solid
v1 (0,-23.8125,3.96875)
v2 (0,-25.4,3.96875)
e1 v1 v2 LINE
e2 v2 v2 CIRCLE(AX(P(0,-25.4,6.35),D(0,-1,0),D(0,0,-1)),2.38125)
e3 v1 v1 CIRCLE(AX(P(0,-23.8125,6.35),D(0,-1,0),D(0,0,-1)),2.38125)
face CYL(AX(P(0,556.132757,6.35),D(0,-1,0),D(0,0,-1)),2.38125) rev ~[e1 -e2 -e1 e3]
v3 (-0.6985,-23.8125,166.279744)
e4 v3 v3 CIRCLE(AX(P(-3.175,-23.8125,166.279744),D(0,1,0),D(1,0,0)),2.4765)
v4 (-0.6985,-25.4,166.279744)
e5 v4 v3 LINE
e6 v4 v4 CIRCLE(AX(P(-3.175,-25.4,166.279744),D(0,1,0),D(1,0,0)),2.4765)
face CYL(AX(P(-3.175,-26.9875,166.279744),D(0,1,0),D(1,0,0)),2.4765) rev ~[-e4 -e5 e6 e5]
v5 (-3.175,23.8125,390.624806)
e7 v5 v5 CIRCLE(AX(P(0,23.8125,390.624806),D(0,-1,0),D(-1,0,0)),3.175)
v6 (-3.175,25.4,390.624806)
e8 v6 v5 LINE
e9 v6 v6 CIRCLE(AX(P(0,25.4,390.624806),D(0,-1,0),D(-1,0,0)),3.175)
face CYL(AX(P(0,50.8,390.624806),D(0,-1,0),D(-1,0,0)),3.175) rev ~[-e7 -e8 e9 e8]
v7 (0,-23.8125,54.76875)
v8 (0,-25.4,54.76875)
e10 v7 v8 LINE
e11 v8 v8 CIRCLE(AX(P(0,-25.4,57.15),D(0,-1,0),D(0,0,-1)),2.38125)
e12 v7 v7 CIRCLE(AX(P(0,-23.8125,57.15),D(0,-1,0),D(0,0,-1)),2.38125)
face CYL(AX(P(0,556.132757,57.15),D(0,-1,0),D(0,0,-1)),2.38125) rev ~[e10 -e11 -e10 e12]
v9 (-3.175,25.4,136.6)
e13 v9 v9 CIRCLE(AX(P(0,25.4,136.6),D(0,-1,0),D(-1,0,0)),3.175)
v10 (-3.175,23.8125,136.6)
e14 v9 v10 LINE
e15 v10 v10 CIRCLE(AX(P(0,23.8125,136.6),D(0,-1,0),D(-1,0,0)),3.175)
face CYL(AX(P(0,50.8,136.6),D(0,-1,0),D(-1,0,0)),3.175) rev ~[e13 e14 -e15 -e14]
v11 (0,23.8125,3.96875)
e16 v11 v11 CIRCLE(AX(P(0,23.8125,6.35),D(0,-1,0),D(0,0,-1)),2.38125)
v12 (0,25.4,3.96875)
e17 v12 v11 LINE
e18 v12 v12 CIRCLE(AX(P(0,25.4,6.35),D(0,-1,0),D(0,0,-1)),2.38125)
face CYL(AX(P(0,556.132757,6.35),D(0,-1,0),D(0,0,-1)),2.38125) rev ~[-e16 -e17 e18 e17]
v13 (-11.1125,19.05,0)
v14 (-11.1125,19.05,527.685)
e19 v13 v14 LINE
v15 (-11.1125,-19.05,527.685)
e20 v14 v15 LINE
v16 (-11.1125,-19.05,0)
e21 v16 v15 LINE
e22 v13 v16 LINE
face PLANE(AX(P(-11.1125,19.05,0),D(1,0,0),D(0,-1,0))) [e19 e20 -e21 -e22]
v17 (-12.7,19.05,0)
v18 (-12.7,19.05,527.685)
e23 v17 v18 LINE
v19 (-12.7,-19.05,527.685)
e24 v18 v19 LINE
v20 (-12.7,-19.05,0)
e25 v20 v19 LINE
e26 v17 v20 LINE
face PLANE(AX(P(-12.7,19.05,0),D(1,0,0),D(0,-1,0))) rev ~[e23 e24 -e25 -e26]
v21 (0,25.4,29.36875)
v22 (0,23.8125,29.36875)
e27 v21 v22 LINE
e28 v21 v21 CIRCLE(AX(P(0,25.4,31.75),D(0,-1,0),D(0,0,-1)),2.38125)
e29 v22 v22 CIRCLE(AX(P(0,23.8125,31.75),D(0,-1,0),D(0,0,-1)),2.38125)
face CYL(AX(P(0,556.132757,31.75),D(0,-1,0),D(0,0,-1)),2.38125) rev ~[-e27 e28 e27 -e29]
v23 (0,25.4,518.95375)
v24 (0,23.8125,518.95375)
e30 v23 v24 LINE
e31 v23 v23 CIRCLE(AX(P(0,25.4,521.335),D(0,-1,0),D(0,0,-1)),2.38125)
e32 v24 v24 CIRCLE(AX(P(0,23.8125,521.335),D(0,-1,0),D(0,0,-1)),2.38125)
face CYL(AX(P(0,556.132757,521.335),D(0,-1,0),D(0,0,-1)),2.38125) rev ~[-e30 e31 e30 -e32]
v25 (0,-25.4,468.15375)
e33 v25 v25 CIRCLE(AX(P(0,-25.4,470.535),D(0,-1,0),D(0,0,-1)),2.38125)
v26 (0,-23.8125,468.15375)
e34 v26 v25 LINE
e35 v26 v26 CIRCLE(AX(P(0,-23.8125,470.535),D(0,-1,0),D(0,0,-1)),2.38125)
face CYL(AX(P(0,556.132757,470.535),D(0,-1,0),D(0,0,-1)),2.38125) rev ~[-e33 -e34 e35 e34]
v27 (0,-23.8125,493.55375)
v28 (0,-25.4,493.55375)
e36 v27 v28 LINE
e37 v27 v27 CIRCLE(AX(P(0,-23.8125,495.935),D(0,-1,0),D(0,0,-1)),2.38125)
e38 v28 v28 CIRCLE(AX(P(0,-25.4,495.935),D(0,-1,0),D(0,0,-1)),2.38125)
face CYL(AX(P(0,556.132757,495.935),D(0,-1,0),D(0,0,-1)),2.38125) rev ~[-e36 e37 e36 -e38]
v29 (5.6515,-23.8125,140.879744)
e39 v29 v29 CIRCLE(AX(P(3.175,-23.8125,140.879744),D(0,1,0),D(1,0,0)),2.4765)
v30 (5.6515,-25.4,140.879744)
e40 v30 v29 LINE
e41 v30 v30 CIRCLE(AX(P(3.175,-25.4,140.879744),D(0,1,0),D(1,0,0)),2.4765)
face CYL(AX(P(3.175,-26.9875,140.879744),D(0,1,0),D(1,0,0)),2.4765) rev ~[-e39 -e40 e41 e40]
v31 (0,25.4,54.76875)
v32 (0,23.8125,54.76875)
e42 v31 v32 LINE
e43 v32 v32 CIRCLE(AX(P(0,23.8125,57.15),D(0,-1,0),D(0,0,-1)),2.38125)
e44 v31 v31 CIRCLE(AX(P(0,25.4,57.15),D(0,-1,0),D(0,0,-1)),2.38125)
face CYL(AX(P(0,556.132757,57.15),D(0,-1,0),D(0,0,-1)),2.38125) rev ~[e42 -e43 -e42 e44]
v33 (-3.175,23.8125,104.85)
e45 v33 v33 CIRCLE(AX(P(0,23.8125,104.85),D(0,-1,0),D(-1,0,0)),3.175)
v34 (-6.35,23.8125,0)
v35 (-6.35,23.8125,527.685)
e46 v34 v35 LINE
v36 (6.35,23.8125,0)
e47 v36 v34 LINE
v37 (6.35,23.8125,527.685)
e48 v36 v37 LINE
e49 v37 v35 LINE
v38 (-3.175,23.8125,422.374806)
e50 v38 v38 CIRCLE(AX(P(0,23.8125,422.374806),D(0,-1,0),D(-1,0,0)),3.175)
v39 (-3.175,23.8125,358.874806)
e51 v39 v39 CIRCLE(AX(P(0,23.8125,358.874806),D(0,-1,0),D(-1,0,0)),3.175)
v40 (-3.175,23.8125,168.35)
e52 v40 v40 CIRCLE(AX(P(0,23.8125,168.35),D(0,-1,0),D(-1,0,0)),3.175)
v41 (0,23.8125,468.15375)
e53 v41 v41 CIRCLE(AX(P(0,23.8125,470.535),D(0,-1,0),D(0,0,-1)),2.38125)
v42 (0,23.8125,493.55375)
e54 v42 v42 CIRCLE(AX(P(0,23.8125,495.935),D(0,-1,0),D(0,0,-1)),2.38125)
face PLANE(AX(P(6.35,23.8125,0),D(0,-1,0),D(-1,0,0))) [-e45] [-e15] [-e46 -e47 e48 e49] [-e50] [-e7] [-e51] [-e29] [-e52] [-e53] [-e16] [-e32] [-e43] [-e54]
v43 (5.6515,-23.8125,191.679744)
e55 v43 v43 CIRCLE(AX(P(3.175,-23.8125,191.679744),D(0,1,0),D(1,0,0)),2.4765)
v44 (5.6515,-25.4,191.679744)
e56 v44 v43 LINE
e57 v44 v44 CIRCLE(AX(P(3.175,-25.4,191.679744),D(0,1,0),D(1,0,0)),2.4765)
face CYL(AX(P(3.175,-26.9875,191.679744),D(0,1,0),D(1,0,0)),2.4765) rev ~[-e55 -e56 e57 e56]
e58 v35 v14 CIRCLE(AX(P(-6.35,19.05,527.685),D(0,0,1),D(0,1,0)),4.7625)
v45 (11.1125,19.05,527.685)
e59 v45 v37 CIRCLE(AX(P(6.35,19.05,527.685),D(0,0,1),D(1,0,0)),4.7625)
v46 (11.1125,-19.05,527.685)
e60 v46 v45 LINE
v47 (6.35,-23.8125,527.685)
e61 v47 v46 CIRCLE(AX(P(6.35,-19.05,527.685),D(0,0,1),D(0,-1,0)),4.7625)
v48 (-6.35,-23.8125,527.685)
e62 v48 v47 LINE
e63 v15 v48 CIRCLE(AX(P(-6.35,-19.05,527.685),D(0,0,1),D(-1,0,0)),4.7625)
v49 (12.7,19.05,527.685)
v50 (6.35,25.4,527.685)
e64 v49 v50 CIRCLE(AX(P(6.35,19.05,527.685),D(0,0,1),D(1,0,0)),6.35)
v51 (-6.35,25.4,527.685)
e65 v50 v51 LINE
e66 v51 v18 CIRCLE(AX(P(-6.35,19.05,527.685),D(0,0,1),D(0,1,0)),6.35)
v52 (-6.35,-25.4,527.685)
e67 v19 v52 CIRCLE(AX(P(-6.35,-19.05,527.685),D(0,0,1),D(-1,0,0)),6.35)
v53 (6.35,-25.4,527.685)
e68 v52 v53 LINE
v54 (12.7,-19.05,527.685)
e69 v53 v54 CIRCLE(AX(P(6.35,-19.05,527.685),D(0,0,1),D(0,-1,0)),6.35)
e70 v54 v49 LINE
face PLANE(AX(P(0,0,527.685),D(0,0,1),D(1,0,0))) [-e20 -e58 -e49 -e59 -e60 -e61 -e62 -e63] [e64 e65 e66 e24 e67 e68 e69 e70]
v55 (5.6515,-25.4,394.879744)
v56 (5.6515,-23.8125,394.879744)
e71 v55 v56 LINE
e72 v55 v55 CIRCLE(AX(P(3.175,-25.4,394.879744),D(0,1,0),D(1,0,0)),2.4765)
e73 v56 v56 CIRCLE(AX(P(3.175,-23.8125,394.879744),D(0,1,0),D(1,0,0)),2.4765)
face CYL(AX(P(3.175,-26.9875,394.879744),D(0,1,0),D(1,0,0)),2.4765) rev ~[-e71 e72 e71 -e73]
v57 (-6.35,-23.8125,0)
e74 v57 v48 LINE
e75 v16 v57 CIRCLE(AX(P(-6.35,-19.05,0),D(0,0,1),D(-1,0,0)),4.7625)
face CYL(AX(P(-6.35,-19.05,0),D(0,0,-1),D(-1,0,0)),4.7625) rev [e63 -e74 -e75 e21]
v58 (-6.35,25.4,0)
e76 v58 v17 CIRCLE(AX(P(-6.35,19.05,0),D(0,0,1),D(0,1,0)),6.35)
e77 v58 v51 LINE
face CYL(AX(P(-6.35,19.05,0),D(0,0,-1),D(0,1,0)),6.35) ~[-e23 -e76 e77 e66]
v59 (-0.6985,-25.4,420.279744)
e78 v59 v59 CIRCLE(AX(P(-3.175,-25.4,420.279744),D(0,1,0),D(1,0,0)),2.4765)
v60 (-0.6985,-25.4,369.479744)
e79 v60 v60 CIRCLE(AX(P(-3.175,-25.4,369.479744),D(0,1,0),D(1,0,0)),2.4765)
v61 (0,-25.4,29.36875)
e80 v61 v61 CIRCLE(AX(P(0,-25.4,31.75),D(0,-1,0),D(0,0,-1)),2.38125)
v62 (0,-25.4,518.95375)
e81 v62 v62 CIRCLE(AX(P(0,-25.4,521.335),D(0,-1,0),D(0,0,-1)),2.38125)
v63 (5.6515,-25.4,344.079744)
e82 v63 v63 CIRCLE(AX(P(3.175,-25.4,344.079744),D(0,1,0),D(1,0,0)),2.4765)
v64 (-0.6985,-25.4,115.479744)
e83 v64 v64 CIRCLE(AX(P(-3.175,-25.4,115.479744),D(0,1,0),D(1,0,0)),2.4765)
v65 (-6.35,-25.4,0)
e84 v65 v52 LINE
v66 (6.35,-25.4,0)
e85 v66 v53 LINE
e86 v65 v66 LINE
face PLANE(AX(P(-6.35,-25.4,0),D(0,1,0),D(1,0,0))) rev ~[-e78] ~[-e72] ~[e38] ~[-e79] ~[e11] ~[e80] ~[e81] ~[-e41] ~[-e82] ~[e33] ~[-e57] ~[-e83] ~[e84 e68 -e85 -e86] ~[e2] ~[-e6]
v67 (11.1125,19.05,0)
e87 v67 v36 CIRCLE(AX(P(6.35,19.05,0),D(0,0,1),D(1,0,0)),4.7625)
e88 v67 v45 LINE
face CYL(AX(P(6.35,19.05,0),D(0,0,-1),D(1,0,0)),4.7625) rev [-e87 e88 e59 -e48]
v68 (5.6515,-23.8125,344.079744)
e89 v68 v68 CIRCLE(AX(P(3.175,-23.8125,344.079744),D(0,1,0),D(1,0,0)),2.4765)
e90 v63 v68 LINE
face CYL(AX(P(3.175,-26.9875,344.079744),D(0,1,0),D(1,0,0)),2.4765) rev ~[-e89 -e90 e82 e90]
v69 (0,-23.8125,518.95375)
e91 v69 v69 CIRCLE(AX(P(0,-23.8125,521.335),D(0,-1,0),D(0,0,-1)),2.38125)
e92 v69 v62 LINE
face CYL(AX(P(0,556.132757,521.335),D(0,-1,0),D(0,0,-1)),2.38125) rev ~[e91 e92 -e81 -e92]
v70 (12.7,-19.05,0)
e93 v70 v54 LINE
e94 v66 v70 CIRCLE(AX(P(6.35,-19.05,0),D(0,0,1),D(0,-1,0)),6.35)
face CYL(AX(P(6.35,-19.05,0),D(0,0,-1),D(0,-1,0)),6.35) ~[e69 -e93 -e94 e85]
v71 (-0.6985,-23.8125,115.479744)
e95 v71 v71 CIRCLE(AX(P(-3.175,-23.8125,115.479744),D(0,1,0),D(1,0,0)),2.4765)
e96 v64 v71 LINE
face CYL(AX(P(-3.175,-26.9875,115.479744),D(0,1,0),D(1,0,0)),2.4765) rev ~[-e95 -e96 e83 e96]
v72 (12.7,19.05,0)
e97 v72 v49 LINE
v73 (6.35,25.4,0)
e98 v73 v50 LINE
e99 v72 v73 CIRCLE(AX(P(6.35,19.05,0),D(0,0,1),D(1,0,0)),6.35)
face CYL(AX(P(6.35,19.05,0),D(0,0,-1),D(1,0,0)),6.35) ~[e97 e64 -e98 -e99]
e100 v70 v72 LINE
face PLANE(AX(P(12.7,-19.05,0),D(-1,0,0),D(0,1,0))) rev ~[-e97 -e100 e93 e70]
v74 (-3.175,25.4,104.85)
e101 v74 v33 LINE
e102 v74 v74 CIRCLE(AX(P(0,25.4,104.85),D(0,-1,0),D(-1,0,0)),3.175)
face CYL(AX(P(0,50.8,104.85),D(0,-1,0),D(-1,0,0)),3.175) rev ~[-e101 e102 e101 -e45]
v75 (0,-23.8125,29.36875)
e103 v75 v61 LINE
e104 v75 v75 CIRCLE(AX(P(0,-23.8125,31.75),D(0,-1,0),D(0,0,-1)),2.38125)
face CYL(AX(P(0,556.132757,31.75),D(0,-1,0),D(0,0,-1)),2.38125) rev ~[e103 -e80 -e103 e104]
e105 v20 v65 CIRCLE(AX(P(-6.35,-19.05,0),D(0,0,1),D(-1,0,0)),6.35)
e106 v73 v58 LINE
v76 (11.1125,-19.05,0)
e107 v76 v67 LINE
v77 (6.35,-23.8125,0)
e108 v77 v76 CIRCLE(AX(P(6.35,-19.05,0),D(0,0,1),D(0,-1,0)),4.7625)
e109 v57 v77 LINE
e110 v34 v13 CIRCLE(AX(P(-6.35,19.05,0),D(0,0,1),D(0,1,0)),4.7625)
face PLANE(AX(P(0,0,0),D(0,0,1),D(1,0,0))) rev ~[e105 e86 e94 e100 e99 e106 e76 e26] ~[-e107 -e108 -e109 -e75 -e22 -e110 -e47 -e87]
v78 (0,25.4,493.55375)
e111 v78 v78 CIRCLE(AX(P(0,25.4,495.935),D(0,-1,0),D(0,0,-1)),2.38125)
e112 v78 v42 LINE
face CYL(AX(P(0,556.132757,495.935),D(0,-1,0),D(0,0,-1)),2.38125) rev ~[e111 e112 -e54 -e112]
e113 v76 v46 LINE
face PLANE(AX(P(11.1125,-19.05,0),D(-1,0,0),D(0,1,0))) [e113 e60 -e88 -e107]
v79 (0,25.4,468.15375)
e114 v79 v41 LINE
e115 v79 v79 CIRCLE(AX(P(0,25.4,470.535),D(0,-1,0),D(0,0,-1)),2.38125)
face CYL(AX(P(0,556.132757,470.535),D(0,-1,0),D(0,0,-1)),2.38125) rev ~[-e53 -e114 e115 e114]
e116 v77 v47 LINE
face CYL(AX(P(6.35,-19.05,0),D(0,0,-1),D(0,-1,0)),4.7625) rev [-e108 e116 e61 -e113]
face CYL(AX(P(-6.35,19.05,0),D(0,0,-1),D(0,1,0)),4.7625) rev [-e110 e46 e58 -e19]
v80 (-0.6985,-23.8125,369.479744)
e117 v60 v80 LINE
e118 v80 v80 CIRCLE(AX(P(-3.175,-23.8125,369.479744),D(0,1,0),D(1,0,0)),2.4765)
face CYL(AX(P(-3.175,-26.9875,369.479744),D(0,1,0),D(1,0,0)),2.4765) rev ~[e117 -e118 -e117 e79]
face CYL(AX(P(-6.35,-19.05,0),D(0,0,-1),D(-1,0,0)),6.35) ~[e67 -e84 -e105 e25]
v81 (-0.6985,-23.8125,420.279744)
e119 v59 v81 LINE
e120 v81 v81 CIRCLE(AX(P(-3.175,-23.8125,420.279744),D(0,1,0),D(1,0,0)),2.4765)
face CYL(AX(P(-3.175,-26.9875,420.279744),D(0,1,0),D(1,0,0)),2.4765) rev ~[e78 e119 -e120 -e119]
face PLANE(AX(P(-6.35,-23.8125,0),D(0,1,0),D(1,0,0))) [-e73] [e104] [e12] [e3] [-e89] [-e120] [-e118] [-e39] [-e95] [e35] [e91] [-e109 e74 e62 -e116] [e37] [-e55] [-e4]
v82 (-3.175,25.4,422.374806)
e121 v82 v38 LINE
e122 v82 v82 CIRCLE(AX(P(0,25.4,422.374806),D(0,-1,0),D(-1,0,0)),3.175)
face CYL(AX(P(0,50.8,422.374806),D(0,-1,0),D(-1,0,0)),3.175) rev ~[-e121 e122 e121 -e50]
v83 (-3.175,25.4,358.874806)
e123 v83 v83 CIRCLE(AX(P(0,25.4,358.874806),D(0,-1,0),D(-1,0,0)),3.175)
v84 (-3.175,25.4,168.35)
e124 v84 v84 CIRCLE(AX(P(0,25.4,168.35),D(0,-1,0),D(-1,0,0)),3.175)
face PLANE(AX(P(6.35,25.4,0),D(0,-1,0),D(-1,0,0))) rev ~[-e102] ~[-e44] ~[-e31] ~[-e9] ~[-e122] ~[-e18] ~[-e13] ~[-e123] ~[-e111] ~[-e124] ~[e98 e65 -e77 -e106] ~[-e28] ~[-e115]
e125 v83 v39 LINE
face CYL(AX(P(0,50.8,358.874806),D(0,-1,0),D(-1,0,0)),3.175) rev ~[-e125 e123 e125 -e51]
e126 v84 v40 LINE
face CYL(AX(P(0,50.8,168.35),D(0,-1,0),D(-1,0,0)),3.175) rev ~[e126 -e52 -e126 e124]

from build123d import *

# Parameters (mm, degrees)
EXTRUDE_THIN1_DEPTH               = 527.685
F_3_16_0_1875_DIAMETER_HOLE1_D    = 4.7625
F_3_16_0_195_DIAMETER_HOLE1_D     = 4.953
F_3_16_0_195_DIAMETER_HOLE1_DEPTH = 1.5875
F_1_4_0_25_DIAMETER_HOLE1_D       = 6.35
F_1_4_0_25_DIAMETER_HOLE1_DEPTH   = 25.4
F_1_4_0_25_DIAMETER_HOLE1_TIP     = 1.907732465


with BuildPart() as part:
    # Sketch1 → Extrude-Thin1 (new body)
    with BuildSketch(Plane.XY):
        with BuildLine():
            Line((-12.7, 19.05), (-12.7, -19.05))
            ThreePointArc((-12.7, -19.05), (-10.840128061, -23.540128061), (-6.35, -25.4))
            Line((-6.35, -25.4), (6.35, -25.4))
            ThreePointArc((6.35, -25.4), (10.840128061, -23.540128061), (12.7, -19.05))
            Line((12.7, -19.05), (12.7, 19.05))
            ThreePointArc((12.7, 19.05), (10.840128061, 23.540128061), (6.35, 25.4))
            Line((6.35, 25.4), (-6.35, 25.4))
            ThreePointArc((-6.35, 25.4), (-10.840128061, 23.540128061), (-12.7, 19.05))
        make_face()
        with BuildLine():
            Line((-11.1125, 19.05), (-11.1125, -19.05))
            ThreePointArc((-11.1125, -19.05), (-9.717596045, -22.417596045), (-6.35, -23.8125))
            Line((-6.35, -23.8125), (6.35, -23.8125))
            ThreePointArc((6.35, -23.8125), (9.717596045, -22.417596045), (11.1125, -19.05))
            Line((11.1125, -19.05), (11.1125, 19.05))
            ThreePointArc((11.1125, 19.05), (9.717596045, 22.417596045), (6.35, 23.8125))
            Line((6.35, 23.8125), (-6.35, 23.8125))
            ThreePointArc((-6.35, 23.8125), (-9.717596045, 22.417596045), (-11.1125, 19.05))
        make_face(mode=Mode.SUBTRACT)
    extrude(amount=EXTRUDE_THIN1_DEPTH)

    # 3/16 (0.1875) Diameter Hole1 (through all)
    with Locations(Plane(origin=(0, 25.4, 521.335), x_dir=(0, 0, 1), z_dir=(0, 1, 0))):
        with Locations((0, 0), (-514.985, 0), (-489.585, 0), (-464.185, 0), (-25.4, 0), (-50.8, 0)):
            Hole(F_3_16_0_1875_DIAMETER_HOLE1_D / 2)

    # 3/16 (0.195) Diameter Hole1
    with Locations(Plane(origin=(0, -25.4, 0), x_dir=(-1, 0, 0), z_dir=(0, -1, 0))):
        with Locations((3.175, -115.479743879), (-3.175, -140.879743879), (3.175, -166.279743879), (-3.175, -191.679743879), (-3.175, -344.079743879), (3.175, -369.479743879), (-3.175, -394.879743879), (3.175, -420.279743879)):
            Hole(F_3_16_0_195_DIAMETER_HOLE1_D / 2, depth=F_3_16_0_195_DIAMETER_HOLE1_DEPTH)

    # 1/4 (0.25) Diameter Hole1
    with Locations(Plane(origin=(0, 25.4, 0), x_dir=(1, 0, 0), z_dir=(0, 1, 0))):
        with Locations((0, -104.85), (0, -136.6), (0, -168.35), (0, -422.374806202), (0, -390.624806202), (0, -358.874806202)):
            Hole(F_1_4_0_25_DIAMETER_HOLE1_D / 2, depth=F_1_4_0_25_DIAMETER_HOLE1_DEPTH)
            with Locations((0, 0, -(F_1_4_0_25_DIAMETER_HOLE1_DEPTH + F_1_4_0_25_DIAMETER_HOLE1_TIP / 2))):  # 118° drill point
                Cone(0, F_1_4_0_25_DIAMETER_HOLE1_D / 2, F_1_4_0_25_DIAMETER_HOLE1_TIP, mode=Mode.SUBTRACT)


solid = part.part
